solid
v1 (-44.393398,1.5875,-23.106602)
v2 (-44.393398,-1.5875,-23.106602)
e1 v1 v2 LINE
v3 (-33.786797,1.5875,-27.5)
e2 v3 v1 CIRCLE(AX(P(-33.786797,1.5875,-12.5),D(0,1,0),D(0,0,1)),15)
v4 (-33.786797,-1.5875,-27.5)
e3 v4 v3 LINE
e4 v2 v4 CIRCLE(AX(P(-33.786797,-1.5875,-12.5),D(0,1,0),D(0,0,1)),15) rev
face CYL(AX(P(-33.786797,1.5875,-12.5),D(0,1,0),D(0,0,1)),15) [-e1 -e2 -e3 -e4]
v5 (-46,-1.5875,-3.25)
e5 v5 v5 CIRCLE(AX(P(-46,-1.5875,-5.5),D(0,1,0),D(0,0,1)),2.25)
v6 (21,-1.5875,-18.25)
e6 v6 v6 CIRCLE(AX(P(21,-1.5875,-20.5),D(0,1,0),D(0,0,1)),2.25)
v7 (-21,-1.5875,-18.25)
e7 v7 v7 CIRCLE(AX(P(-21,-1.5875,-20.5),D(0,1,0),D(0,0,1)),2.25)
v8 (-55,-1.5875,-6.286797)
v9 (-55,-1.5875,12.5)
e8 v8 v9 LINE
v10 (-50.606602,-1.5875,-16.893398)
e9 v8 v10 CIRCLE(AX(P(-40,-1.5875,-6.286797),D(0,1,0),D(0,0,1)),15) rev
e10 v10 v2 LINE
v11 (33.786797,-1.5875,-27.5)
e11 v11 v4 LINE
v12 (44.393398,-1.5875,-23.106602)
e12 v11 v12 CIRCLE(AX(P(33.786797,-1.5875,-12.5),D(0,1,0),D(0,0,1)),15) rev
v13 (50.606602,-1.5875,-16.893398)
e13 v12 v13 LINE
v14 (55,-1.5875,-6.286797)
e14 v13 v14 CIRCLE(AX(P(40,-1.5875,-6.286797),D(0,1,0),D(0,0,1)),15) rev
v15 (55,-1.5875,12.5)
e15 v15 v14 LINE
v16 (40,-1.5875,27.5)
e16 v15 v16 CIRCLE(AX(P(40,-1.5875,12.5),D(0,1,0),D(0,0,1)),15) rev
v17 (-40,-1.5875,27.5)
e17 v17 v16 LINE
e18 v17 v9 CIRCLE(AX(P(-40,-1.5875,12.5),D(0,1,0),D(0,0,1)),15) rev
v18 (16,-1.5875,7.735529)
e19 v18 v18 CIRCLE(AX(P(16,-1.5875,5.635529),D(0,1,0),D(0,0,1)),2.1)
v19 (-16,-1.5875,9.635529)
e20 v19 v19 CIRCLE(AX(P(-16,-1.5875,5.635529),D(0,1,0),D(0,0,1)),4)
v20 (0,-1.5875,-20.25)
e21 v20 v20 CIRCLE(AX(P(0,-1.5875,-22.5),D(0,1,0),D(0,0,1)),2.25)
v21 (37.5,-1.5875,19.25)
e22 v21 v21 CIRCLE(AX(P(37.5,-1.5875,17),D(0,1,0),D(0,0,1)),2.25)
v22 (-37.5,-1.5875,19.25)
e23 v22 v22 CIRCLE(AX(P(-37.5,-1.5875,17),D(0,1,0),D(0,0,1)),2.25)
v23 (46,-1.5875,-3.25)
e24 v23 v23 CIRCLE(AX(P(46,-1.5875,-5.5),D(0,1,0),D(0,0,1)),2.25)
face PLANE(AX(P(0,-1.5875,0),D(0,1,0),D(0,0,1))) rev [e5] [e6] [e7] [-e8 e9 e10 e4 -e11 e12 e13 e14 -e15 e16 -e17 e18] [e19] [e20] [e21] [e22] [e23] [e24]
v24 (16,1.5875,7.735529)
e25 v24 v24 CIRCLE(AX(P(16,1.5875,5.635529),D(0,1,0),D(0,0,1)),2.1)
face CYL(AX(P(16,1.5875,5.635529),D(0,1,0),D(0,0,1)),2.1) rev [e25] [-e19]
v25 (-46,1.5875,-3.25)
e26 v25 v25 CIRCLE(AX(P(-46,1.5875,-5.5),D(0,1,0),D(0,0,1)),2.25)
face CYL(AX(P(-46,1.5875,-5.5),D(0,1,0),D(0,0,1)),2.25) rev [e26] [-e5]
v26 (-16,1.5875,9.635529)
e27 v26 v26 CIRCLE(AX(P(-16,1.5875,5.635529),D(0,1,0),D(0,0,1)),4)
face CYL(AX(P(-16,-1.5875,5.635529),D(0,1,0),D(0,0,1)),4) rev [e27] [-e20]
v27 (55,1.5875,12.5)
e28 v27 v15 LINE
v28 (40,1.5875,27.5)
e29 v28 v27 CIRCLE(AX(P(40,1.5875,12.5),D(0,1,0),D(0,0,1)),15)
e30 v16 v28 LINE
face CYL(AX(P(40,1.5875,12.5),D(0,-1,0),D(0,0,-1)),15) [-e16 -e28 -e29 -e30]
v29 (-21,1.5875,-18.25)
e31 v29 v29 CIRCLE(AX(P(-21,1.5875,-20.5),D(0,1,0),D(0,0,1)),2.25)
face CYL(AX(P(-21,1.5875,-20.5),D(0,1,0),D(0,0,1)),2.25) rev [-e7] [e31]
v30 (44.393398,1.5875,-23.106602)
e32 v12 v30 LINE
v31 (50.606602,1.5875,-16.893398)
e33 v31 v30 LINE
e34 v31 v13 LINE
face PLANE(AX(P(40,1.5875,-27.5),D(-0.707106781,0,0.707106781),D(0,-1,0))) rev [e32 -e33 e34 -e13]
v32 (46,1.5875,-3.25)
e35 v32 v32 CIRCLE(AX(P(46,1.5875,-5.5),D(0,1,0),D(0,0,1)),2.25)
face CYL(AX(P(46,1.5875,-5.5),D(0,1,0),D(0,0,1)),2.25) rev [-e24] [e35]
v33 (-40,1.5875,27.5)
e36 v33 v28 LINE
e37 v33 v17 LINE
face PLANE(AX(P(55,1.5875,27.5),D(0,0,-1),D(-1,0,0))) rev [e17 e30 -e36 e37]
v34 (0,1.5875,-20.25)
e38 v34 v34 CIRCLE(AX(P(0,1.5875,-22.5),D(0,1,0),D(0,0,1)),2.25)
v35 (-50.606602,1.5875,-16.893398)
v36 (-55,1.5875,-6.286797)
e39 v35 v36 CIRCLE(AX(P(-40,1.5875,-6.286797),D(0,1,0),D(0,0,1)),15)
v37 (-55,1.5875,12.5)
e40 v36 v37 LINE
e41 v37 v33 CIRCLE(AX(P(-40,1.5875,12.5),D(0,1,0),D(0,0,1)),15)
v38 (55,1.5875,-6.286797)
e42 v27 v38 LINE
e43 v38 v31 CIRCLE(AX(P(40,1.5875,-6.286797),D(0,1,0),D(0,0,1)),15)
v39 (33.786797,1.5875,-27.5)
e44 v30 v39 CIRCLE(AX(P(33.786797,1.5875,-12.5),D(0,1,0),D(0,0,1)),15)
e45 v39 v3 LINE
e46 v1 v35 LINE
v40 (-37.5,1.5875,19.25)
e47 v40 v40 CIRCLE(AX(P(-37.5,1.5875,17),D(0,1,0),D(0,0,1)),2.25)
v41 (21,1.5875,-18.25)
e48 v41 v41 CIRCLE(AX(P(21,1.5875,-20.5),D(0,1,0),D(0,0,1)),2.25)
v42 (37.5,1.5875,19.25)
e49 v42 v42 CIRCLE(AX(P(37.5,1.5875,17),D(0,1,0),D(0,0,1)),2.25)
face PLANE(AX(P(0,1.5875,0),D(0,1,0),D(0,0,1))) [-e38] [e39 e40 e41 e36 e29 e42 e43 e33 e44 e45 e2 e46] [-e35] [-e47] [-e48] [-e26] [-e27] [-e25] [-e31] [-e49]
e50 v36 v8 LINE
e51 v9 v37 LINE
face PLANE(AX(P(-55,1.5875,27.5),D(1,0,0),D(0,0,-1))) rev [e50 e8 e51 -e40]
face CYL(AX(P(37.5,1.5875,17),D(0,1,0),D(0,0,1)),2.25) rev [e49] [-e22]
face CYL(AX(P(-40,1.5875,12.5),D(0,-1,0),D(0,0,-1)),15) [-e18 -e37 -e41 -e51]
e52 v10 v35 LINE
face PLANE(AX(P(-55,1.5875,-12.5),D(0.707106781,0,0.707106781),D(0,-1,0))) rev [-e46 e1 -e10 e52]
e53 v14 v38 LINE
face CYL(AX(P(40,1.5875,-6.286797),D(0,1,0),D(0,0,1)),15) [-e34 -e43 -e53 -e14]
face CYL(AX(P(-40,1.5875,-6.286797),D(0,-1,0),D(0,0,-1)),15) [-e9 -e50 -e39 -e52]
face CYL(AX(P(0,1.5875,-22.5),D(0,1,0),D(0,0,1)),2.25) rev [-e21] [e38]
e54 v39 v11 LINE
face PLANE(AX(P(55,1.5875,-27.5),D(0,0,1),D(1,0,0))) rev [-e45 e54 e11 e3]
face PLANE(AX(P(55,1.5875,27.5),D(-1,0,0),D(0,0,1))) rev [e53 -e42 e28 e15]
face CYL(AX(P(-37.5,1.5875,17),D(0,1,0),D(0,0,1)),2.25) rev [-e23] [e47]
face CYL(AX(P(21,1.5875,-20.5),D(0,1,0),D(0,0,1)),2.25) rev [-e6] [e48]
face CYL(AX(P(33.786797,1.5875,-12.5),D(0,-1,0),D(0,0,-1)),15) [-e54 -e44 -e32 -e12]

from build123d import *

# Parameters (mm, degrees)
SKETCH2_W                = 110
SKETCH2_H                = 55
BOSS_EXTRUDE1_DEPTH      = 1.5875
M4_CLEARANCE_HOLE1_D     = 4.5
M4_CLEARANCE_HOLE2_D     = 4.5
M4_CLEARANCE_HOLE2_DEPTH = 10.1
M4_CLEARANCE_HOLE2_TIP   = 1.351936393
M4_CLEARANCE_HOLE3_D     = 4.5
CHAMFER1_SIZE            = 15
FILLET1_R                = 15
SKETCH9_R                = 4
CUT_EXTRUDE1_DEPTH       = 4.175
M5X0_8_TAPPED_HOLE1_D    = 4.2


with BuildPart() as part:
    # Sketch2 → Boss-Extrude1 (new body, symmetric)
    with BuildSketch(Plane(origin=(0, 0, 0), x_dir=(1, 0, 0), z_dir=(0, 1, 0))):
        Rectangle(SKETCH2_W, SKETCH2_H)
    extrude(amount=BOSS_EXTRUDE1_DEPTH, both=True)

    # M4 Clearance Hole1 (through all)
    with Locations(Plane(origin=(0, 1.5875, 0), x_dir=(1, 0, 0), z_dir=(0, 1, 0))):
        with Locations((-37.5, -17), (37.5, -17)):
            Hole(M4_CLEARANCE_HOLE1_D / 2)

    # M4 Clearance Hole2
    with Locations(Plane(origin=(0, 1.5875, 0), x_dir=(1, 0, 0), z_dir=(0, 1, 0))):
        with Locations((0, 22.5)):
            Hole(M4_CLEARANCE_HOLE2_D / 2, depth=M4_CLEARANCE_HOLE2_DEPTH)
            with Locations((0, 0, -(M4_CLEARANCE_HOLE2_DEPTH + M4_CLEARANCE_HOLE2_TIP / 2))):  # 118° drill point
                Cone(0, M4_CLEARANCE_HOLE2_D / 2, M4_CLEARANCE_HOLE2_TIP, mode=Mode.SUBTRACT)

    # M4 Clearance Hole3 (through all)
    with Locations(Plane(origin=(0, 1.5875, 0), x_dir=(1, 0, 0), z_dir=(0, 1, 0))):
        with Locations((-46, 5.5), (46, 5.5), (21, 20.5), (-21, 20.5)):
            Hole(M4_CLEARANCE_HOLE3_D / 2)

    # Chamfer1
    chamfer1_edges = [part.edges().sort_by_distance(p)[0] for p in [
        (-55, 0, -27.5),
        (55, 0, -27.5),
    ]]
    chamfer(chamfer1_edges, length=CHAMFER1_SIZE)

    # Fillet1
    fillet1_edges = [part.edges().sort_by_distance(p)[0] for p in [
        (-55, 0, -12.5),
        (40, 0, -27.5),
        (-40, 0, -27.5),
        (55, 0, -12.5),
        (55, 0, 27.5),
        (-55, 0, 27.5),
    ]]
    fillet(fillet1_edges, radius=FILLET1_R)

    # Sketch9 → Cut-Extrude1 (cut, through all)
    with BuildSketch(Plane(origin=(0, 1.5875, 0), x_dir=(1, 0, 0), z_dir=(0, 1, 0))):
        with Locations((-16, -5.635528726)):
            Circle(SKETCH9_R)
    extrude(amount=-CUT_EXTRUDE1_DEPTH, mode=Mode.SUBTRACT)

    # M5x0.8 Tapped Hole1 (through all)
    with Locations(Plane(origin=(0, 1.5875, 0), x_dir=(1, 0, 0), z_dir=(0, 1, 0))):
        with Locations((16, -5.635528726)):
            Hole(M5X0_8_TAPPED_HOLE1_D / 2)


solid = part.part
